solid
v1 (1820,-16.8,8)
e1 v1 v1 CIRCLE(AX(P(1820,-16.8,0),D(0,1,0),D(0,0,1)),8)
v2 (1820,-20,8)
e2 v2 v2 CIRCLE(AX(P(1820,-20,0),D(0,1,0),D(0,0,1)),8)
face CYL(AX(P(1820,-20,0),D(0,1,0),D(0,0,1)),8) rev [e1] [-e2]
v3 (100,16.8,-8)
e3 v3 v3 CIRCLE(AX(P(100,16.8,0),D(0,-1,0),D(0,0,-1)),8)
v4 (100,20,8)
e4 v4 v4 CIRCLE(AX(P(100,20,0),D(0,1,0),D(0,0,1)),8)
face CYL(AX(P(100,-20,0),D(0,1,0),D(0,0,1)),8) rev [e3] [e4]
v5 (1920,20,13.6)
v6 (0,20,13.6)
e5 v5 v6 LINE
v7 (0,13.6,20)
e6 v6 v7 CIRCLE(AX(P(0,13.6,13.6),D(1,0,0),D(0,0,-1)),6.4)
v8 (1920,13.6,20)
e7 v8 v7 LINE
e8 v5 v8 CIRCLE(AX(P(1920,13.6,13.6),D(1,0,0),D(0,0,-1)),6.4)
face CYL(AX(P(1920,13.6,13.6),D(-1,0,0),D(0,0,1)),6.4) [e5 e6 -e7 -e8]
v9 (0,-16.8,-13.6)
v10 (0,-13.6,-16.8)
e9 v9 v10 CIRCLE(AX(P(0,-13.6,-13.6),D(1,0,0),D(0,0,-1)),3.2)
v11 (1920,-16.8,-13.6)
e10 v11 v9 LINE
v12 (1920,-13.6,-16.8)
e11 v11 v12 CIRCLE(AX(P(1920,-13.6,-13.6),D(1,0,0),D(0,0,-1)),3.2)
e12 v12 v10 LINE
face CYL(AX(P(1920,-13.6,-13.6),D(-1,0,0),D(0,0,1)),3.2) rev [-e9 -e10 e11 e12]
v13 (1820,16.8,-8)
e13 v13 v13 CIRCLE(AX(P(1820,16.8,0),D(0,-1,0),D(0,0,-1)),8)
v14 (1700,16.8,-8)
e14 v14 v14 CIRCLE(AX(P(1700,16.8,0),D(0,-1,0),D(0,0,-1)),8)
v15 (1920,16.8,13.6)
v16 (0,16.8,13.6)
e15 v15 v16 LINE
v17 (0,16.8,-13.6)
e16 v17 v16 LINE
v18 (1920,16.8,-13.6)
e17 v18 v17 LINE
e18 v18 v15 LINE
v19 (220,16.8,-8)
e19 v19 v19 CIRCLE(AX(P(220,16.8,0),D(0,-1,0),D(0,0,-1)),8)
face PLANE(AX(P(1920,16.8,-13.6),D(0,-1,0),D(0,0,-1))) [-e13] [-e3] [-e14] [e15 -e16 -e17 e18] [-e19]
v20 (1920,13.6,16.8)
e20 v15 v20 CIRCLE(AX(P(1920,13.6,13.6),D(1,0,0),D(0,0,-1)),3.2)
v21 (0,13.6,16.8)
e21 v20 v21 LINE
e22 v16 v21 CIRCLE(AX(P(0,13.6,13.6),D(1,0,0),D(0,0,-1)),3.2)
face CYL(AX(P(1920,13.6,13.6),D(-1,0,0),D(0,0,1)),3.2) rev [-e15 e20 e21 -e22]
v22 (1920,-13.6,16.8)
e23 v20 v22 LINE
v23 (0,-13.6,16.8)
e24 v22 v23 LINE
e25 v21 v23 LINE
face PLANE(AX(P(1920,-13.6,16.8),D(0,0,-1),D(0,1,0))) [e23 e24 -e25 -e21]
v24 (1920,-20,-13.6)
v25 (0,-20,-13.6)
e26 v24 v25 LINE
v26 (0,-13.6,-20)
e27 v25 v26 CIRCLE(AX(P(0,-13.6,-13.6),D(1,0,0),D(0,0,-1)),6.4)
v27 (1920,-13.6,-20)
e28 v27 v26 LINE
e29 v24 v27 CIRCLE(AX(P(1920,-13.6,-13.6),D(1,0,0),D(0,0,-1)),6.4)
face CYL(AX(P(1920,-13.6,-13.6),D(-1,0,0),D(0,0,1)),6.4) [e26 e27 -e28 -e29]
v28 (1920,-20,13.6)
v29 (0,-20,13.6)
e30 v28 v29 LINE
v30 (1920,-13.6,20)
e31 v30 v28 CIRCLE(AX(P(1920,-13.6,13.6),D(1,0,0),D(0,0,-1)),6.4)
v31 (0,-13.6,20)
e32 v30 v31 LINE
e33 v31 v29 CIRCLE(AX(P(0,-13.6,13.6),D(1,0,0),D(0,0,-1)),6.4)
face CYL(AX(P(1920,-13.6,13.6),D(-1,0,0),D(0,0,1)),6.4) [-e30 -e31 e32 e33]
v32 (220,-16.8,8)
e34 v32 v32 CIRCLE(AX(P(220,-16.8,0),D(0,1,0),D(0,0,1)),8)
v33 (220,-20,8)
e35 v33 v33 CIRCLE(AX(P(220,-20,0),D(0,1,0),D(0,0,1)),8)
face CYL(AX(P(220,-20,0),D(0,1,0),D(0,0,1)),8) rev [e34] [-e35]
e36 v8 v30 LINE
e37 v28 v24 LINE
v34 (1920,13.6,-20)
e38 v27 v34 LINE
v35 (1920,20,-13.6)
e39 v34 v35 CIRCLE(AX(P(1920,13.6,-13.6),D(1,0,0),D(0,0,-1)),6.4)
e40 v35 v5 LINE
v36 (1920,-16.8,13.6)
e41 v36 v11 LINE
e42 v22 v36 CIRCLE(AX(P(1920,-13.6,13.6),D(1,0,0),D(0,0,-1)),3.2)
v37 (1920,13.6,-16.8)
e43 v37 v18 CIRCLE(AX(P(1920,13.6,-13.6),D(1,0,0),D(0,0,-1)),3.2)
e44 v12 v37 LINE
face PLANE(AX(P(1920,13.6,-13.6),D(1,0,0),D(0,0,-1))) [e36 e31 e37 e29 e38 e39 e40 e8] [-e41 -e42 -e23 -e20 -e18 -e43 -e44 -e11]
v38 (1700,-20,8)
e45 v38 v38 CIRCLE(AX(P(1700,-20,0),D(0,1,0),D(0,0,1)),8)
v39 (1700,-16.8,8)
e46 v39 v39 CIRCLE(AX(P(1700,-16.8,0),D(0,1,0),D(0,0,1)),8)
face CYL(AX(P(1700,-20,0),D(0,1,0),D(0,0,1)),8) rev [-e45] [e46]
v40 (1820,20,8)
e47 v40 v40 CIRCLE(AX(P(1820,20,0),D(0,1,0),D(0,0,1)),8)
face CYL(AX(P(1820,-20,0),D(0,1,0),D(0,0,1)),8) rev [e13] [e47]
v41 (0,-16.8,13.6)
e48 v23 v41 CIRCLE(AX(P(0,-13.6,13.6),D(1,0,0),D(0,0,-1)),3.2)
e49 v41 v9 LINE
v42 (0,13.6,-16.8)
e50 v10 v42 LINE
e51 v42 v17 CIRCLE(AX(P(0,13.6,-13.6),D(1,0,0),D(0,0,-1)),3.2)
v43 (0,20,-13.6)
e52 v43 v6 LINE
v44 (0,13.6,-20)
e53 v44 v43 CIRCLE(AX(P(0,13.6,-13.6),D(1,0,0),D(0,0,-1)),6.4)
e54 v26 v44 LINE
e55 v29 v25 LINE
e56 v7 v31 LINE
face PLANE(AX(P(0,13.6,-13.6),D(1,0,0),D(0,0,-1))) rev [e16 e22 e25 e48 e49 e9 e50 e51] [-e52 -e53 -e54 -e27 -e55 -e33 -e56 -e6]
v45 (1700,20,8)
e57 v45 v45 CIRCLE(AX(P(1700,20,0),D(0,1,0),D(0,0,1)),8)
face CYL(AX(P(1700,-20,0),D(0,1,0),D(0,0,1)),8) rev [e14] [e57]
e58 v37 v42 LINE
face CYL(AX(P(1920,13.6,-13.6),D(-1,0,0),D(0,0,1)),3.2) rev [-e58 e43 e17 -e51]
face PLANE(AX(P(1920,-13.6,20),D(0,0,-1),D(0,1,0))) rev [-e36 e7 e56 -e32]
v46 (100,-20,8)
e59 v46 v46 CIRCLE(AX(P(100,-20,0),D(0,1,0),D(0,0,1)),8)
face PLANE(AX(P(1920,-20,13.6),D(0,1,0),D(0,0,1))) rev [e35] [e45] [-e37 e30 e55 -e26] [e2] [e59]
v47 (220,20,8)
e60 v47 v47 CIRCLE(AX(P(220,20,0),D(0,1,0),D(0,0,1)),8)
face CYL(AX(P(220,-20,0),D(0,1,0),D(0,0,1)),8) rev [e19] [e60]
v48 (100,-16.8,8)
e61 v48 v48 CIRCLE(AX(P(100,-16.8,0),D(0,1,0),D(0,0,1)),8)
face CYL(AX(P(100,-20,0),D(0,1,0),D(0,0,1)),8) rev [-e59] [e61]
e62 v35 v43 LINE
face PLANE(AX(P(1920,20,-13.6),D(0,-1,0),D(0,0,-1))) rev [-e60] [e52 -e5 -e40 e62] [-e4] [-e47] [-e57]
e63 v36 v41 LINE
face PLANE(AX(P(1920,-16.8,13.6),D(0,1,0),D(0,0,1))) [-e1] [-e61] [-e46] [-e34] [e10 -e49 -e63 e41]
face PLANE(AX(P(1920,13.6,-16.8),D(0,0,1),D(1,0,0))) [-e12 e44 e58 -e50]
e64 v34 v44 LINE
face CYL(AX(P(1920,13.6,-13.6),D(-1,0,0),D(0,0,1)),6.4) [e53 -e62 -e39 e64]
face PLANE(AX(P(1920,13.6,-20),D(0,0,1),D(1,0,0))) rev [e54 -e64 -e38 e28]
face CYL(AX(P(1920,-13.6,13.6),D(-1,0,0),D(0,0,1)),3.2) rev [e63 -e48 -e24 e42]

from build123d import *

# Parameters (mm, degrees)
TUBE_SQUARE_40_X_40_X_3_2_3_DEPTH = 1920
SKETCH13_R                        = 8
CUT_EXTRUDE1_DEPTH                = 1921.52076271


with BuildPart() as part:
    # Sketch12 → Tube (square) 40 X 40 X 3.2(3) (new body)
    with BuildSketch(Plane(origin=(0, 0, 0), x_dir=(0, 0, -1), z_dir=(1, 0, 0))):
        with BuildLine():
            Line((-13.6, -20), (13.6, -20))
            ThreePointArc((13.6, -20), (18.1254834, -18.1254834), (20, -13.6))
            Line((20, -13.6), (20, 13.6))
            ThreePointArc((20, 13.6), (18.1254834, 18.1254834), (13.6, 20))
            Line((13.6, 20), (-13.6, 20))
            ThreePointArc((-13.6, 20), (-18.1254834, 18.1254834), (-20, 13.6))
            Line((-20, 13.6), (-20, -13.6))
            ThreePointArc((-20, -13.6), (-18.1254834, -18.1254834), (-13.6, -20))
        make_face()
        with BuildLine():
            Line((-13.6, -16.8), (13.6, -16.8))
            ThreePointArc((13.6, -16.8), (15.8627417, -15.8627417), (16.8, -13.6))
            Line((16.8, -13.6), (16.8, 13.6))
            ThreePointArc((16.8, 13.6), (15.8627417, 15.8627417), (13.6, 16.8))
            Line((13.6, 16.8), (-13.6, 16.8))
            ThreePointArc((-13.6, 16.8), (-15.8627417, 15.8627417), (-16.8, 13.6))
            Line((-16.8, 13.6), (-16.8, -13.6))
            ThreePointArc((-16.8, -13.6), (-15.8627417, -15.8627417), (-13.6, -16.8))
        make_face(mode=Mode.SUBTRACT)
    extrude(amount=TUBE_SQUARE_40_X_40_X_3_2_3_DEPTH)

    # Sketch13 → Cut-Extrude1 (cut, through all)
    with BuildSketch(Plane(origin=(0, 20, 0), x_dir=(1, 0, 0), z_dir=(0, 1, 0))):
        with Locations(Location((220, 0, 0), (0, 0, 270))):
            Circle(SKETCH13_R)
        with Locations(Location((1700, 0, 0), (0, 0, 270))):
            Circle(SKETCH13_R)
        with Locations(Location((100, 0, 0), (0, 0, 270))):
            Circle(SKETCH13_R)
        with Locations(Location((1820, 0, 0), (0, 0, 270))):
            Circle(SKETCH13_R)
    extrude(amount=-CUT_EXTRUDE1_DEPTH, mode=Mode.SUBTRACT)


solid = part.part
